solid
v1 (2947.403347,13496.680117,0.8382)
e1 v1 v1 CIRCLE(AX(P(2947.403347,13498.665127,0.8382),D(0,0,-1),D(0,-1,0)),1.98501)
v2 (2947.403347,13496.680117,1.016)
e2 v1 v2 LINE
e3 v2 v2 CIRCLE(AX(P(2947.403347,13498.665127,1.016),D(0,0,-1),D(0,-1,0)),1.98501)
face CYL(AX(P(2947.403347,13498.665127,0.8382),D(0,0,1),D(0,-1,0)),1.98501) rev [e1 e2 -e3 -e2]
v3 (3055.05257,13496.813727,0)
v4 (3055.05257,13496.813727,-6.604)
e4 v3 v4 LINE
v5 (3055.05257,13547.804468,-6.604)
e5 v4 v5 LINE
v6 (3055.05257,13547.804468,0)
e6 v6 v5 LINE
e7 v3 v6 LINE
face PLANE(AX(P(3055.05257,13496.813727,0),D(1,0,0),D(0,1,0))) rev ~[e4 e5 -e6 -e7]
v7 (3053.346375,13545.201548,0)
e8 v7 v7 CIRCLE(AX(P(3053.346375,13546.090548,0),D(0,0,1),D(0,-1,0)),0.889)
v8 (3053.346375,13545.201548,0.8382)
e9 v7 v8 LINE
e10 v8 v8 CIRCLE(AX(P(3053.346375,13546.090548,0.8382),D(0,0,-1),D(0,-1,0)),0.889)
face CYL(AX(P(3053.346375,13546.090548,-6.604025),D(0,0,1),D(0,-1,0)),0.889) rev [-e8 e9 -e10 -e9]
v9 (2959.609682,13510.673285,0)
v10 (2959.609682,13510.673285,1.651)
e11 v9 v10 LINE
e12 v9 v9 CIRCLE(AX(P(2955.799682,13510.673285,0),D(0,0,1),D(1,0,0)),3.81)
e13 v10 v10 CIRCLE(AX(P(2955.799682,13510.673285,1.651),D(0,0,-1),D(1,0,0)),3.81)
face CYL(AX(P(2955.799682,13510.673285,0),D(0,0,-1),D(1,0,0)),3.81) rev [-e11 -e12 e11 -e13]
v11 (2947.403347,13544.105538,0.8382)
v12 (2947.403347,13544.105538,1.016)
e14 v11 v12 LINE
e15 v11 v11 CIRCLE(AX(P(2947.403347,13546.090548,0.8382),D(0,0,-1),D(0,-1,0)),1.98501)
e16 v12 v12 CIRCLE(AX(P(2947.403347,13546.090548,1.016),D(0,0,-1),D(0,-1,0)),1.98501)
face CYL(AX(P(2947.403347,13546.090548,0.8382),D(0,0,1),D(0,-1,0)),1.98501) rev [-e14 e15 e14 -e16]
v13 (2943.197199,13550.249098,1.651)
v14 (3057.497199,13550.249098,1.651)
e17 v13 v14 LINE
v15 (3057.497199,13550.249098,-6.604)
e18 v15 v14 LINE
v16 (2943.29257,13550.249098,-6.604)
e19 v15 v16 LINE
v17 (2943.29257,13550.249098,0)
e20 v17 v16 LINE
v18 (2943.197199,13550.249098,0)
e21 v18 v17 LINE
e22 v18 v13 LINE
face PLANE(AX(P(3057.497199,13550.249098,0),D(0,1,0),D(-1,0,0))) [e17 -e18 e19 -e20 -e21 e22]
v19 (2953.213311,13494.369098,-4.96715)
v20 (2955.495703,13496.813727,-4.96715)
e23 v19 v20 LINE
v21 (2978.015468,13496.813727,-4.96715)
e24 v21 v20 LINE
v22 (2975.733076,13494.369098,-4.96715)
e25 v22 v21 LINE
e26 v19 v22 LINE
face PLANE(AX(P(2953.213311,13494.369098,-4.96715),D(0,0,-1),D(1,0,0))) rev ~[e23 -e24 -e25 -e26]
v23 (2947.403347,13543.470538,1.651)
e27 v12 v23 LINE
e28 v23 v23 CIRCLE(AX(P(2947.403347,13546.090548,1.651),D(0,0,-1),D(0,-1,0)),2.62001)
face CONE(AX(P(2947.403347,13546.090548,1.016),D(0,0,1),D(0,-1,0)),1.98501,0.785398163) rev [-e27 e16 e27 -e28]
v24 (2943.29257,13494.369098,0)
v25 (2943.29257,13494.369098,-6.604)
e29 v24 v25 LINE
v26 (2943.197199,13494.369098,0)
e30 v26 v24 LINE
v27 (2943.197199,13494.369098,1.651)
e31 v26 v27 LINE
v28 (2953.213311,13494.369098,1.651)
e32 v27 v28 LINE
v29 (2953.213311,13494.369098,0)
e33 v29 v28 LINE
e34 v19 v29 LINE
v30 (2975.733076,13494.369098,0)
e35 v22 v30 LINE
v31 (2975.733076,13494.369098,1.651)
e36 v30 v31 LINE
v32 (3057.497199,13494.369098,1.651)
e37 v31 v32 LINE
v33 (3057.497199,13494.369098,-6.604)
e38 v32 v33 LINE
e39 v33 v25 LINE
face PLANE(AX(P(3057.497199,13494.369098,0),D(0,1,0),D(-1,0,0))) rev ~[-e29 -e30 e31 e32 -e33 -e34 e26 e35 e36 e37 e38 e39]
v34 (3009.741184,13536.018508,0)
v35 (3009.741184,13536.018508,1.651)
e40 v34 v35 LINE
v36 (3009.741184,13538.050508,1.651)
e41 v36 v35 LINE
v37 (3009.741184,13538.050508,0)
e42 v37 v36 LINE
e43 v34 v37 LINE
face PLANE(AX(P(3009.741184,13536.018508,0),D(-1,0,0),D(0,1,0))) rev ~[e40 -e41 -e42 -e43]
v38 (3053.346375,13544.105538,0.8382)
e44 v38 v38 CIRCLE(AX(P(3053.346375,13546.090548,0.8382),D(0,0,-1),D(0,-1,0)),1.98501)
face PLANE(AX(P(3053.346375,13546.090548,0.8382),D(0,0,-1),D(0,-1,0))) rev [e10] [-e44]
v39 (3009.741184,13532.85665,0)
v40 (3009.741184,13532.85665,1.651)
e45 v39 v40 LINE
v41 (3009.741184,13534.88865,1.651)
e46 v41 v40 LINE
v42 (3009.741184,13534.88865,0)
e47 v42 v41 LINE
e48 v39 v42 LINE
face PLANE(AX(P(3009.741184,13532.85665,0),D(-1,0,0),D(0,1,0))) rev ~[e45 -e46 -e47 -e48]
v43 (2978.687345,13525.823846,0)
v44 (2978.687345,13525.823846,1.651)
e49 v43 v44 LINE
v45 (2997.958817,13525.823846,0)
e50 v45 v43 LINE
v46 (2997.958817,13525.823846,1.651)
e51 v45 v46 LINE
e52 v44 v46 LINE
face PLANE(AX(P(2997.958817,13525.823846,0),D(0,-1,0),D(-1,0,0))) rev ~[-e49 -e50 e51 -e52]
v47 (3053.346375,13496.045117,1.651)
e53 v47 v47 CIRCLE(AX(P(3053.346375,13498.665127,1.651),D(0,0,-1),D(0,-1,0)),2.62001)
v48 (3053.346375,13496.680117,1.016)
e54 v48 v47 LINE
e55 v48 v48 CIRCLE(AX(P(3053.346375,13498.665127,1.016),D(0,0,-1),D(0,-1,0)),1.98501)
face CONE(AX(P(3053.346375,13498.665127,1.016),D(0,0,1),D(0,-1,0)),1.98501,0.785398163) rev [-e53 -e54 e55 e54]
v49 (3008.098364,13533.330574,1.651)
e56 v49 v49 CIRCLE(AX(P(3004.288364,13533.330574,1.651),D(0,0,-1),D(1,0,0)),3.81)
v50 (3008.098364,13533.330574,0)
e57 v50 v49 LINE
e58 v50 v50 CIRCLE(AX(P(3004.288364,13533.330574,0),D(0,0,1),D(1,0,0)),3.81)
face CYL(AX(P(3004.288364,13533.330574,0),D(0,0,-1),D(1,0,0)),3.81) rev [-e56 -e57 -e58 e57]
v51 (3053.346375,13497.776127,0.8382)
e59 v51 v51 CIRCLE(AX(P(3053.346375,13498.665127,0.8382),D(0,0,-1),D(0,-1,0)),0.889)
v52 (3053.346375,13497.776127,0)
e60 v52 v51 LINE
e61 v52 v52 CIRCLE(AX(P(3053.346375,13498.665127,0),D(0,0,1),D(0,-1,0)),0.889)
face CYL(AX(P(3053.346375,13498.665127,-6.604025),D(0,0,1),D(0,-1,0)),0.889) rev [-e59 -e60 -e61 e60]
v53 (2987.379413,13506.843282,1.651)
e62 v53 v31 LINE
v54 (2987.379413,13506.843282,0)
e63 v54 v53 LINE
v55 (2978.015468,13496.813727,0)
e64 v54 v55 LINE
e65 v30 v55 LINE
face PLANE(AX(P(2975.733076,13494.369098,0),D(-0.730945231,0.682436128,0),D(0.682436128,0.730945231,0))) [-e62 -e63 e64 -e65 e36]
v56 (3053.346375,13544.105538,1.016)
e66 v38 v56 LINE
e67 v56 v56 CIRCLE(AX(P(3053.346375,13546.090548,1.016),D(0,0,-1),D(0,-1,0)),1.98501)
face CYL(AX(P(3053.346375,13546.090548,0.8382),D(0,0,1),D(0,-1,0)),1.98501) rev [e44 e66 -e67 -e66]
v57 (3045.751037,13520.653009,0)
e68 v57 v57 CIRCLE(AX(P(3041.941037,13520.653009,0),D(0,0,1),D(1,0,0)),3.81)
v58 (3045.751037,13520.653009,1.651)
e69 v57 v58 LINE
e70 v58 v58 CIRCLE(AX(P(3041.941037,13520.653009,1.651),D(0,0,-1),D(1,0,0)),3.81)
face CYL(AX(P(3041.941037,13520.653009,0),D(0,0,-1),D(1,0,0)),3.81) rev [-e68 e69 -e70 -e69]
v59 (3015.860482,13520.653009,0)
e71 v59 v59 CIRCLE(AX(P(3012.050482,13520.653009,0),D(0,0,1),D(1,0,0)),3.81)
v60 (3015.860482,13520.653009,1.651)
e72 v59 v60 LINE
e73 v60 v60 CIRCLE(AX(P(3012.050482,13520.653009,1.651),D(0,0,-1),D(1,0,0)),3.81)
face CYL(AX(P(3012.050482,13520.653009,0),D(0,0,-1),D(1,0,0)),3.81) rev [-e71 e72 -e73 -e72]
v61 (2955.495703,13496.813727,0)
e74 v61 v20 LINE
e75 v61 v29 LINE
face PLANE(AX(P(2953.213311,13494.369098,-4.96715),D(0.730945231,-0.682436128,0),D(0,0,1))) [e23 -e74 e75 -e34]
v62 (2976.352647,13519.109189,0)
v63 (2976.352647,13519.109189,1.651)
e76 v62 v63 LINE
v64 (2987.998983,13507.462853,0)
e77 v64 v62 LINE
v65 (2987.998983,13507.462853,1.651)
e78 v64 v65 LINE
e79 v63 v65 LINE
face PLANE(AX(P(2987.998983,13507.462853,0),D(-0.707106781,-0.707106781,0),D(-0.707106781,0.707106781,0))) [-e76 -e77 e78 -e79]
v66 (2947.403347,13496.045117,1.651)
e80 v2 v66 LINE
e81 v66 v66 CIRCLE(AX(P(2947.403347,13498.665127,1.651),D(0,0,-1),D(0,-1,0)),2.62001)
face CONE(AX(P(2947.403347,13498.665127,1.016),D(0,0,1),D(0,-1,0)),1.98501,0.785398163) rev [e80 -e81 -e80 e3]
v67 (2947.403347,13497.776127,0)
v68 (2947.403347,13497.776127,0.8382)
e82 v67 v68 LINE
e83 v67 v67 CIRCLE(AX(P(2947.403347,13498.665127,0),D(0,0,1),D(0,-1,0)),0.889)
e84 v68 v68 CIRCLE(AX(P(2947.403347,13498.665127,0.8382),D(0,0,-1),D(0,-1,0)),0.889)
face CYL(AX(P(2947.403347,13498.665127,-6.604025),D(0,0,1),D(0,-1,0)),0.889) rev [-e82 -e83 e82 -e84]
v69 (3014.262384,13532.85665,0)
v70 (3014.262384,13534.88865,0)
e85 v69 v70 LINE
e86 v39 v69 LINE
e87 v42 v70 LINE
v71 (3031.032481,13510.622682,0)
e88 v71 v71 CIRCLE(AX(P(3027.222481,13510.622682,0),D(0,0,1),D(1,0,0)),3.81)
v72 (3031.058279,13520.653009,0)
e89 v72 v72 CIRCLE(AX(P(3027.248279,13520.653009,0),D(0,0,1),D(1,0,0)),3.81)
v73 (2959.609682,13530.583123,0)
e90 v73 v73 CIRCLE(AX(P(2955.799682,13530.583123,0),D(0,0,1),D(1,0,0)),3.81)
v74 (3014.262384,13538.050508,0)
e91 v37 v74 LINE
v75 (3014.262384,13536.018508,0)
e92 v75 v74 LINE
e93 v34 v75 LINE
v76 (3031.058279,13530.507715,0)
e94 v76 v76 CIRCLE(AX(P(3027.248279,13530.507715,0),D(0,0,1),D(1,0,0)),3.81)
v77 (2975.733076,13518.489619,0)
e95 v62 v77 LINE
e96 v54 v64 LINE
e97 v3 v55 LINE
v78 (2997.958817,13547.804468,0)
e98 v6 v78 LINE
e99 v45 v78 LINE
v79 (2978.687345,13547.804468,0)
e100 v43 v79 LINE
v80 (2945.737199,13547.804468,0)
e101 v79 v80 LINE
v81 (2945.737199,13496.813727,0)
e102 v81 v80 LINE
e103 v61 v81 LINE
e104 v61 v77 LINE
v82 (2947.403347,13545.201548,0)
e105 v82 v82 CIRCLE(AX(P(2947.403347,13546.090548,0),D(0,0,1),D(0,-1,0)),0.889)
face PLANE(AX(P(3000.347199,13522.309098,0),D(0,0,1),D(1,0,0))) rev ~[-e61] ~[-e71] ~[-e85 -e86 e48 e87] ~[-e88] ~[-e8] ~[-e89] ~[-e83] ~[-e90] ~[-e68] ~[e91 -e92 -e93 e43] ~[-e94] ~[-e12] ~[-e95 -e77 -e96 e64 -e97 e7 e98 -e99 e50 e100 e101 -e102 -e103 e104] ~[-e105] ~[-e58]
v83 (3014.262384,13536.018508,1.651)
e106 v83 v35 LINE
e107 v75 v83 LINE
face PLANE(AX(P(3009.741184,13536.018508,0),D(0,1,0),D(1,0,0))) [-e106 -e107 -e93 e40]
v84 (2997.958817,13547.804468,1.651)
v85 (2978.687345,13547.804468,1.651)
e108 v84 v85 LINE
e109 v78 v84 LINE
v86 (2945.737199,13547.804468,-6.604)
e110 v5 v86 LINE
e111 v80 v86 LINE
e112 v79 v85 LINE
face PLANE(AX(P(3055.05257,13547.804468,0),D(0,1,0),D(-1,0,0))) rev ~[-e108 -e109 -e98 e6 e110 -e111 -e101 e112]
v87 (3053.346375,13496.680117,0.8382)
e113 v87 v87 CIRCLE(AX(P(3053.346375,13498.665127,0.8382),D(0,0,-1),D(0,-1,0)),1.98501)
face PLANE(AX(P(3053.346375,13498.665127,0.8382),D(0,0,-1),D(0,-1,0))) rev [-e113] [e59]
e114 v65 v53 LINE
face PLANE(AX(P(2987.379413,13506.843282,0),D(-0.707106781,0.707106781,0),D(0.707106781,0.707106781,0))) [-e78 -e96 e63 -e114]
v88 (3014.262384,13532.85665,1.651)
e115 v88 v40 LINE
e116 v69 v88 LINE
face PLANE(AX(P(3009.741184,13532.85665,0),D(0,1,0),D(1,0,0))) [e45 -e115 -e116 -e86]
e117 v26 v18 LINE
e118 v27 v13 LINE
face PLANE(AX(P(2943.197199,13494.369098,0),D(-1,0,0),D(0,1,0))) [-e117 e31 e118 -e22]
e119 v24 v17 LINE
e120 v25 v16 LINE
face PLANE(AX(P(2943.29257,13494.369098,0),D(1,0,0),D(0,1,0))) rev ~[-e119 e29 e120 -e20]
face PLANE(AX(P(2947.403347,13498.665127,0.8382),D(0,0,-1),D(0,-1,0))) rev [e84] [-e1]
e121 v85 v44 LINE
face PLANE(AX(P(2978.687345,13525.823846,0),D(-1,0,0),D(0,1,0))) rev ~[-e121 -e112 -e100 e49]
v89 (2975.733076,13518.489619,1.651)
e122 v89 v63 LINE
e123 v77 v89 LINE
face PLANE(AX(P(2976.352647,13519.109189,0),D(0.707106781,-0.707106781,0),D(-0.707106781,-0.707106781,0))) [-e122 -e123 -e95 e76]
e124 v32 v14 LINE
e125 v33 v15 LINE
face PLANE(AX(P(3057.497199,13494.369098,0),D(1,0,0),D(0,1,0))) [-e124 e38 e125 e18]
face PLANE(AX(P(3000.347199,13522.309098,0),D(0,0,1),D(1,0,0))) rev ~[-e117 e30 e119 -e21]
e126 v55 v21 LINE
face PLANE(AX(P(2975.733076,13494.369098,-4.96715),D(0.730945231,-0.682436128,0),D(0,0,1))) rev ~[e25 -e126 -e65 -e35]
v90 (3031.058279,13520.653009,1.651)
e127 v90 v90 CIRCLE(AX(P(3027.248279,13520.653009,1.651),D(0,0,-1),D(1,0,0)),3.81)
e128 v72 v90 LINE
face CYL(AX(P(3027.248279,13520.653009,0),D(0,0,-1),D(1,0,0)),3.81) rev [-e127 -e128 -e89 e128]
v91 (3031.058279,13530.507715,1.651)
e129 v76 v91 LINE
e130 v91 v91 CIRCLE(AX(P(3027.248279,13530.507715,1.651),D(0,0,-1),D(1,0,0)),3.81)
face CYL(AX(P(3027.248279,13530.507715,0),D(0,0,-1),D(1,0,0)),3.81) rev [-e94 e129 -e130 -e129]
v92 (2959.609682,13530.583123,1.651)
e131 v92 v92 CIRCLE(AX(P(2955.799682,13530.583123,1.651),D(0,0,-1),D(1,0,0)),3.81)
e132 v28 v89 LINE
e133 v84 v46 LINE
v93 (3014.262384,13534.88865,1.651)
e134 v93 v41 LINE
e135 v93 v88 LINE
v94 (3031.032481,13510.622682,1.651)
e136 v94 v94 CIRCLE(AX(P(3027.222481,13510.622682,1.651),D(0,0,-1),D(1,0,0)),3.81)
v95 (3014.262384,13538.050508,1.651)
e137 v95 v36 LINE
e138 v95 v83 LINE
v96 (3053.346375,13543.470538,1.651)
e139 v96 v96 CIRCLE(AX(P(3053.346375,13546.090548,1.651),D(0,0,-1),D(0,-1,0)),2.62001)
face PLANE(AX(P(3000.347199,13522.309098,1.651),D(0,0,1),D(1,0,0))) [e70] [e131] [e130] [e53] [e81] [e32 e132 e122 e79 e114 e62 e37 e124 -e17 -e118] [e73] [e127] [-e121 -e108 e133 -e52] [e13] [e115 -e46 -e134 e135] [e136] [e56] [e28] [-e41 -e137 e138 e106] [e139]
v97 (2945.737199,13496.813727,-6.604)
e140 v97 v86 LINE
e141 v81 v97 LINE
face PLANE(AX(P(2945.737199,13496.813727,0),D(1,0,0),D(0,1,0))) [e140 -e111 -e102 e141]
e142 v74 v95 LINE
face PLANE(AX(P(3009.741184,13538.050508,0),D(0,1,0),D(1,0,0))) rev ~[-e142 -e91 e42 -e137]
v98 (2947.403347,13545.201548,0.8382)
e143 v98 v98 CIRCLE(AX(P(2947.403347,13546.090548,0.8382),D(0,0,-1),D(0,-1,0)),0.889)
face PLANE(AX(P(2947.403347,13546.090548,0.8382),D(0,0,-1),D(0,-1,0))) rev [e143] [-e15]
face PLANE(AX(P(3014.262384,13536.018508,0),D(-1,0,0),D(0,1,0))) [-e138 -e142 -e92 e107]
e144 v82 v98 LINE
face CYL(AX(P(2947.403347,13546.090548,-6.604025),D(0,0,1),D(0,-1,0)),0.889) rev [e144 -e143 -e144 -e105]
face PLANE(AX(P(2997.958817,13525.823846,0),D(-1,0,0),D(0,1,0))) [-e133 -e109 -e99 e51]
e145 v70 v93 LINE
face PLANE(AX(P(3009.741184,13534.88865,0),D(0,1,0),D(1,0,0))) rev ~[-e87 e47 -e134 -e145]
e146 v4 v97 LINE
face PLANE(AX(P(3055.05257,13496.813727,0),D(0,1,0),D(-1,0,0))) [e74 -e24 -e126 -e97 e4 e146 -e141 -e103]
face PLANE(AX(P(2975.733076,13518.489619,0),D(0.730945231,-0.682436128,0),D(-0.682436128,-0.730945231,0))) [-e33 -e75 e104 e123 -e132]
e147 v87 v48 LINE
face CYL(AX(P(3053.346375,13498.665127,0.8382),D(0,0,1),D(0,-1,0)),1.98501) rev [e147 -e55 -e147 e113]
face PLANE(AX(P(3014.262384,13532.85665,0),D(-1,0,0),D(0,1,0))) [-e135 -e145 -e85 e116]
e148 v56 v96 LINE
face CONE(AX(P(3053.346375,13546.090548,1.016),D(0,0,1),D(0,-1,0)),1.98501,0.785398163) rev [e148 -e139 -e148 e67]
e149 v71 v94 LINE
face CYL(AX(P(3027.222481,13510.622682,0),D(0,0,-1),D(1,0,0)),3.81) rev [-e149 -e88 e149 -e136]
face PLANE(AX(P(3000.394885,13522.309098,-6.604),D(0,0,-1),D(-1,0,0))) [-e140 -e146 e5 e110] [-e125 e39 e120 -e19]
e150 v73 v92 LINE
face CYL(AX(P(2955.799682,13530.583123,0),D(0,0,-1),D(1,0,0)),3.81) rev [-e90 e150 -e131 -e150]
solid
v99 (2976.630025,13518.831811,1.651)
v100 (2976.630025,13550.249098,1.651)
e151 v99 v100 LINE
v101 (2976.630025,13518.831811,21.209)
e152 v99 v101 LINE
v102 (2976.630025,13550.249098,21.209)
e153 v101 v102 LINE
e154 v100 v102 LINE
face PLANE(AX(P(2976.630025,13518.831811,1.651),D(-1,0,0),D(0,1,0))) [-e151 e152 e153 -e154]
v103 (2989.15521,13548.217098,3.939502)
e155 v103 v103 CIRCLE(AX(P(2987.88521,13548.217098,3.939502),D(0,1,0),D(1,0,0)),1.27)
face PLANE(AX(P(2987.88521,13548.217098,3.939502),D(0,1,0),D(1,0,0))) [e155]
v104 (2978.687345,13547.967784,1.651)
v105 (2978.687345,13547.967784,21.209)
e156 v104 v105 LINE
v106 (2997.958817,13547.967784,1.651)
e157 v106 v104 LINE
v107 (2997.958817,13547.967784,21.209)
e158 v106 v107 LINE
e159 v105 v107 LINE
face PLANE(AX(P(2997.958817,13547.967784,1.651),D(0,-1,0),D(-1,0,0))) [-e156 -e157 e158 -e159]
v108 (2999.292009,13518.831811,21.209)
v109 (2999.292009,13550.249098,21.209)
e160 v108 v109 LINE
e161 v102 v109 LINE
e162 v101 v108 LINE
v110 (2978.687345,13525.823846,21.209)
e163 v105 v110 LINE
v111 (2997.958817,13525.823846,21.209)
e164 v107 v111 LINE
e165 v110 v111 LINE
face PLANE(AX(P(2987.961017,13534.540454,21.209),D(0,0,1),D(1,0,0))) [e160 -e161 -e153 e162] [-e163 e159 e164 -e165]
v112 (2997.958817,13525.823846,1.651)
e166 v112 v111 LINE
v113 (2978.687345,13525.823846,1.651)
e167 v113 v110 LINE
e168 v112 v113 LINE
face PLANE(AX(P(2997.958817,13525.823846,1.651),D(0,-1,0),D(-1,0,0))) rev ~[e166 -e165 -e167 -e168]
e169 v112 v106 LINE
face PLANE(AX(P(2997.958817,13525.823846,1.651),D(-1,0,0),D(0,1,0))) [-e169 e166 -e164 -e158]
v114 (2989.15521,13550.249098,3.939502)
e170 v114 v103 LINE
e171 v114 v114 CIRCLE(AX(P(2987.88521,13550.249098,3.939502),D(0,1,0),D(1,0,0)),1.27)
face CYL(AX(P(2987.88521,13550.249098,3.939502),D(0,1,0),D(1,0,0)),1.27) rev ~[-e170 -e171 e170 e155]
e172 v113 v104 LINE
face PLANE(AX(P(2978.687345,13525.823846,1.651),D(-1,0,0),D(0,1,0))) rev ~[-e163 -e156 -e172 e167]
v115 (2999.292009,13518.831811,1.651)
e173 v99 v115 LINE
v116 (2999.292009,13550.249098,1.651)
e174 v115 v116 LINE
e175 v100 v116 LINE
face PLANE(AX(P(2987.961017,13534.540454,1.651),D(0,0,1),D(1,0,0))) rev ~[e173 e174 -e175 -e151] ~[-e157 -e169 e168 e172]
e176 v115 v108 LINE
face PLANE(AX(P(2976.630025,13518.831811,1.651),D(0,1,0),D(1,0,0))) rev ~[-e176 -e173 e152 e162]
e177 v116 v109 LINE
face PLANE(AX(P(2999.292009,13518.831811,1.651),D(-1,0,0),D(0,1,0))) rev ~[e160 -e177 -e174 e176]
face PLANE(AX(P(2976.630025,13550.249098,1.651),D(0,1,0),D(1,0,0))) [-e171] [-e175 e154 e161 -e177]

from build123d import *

# Parameters (mm, degrees)
SKETCH1_W                                   = 114.3
SKETCH1_H                                   = 55.88
BOSS_EXTRUDE1_DEPTH                         = 1.651
SKETCH2_R                                   = 3.81
SKETCH2_W                                   = 4.5212
SKETCH2_H                                   = 2.032
CUT_EXTRUDE2_DEPTH                          = 2.651
SKETCH3_W                                   = 22.661984054
SKETCH3_H                                   = 31.417286438
BOSS_EXTRUDE2_DEPTH                         = 19.558
SKETCH7_W                                   = 19.271471292
SKETCH7_H                                   = 22.14393761
CUT_EXTRUDE5_DEPTH                          = 20.558
SKETCH8_W                                   = 114.20462943
SKETCH8_H                                   = 55.88
SKETCH8_W_2                                 = 109.31537057
SKETCH8_H_2                                 = 50.990741141
BOSS_EXTRUDE4_DEPTH                         = 6.604
SKETCH9_R                                   = 1.27
CUT_EXTRUDE6_DEPTH                          = 2.032
SKETCH10_W                                  = 22.51976533
SKETCH10_H                                  = 4.967150309
CUT_EXTRUDE7_DEPTH                          = 12.7
CBORE_FOR_0_BINDING_HEAD_MACHINE_SC_2_COUNT = 2
CBORE_FOR_0_BINDING_HEAD_MACHINE_SC_2_PITCH = 47.42542097
CBORE_FOR_0_BINDING_HEAD_MACHINE_SC_3_COUNT = 2
CBORE_FOR_0_BINDING_HEAD_MACHINE_SC_3_PITCH = 105.943027259
CBORE_FOR_0_BINDING_HEAD_MACHINE_SC_4_COUNT = 2
CBORE_FOR_0_BINDING_HEAD_MACHINE_SC_4_PITCH = 116.073664451


with BuildPart() as part:
    # Sketch1 → Boss-Extrude1 (new body)
    with BuildSketch(Plane.XY):
        with Locations((3000.347199497, 13522.309097574)):
            Rectangle(SKETCH1_W, SKETCH1_H)
    extrude(amount=BOSS_EXTRUDE1_DEPTH)

    # Sketch2 → Cut-Extrude2 (cut, through all)
    with BuildSketch(Plane.XY):
        with Locations((3027.248279136, 13530.507714547)):
            Circle(SKETCH2_R)
        with Locations((3012.050482156, 13520.653009344)):
            Circle(SKETCH2_R)
        with Locations((3027.248279136, 13520.653009344)):
            Circle(SKETCH2_R)
        with Locations((3041.941037356, 13520.653009344)):
            Circle(SKETCH2_R)
        with Locations((3027.222481478, 13510.622681626)):
            Circle(SKETCH2_R)
        with Locations((3004.288363872, 13533.330573619)):
            Circle(SKETCH2_R)
        with Locations((2955.799681977, 13530.583123085)):
            Circle(SKETCH2_R)
        with Locations((2955.799681977, 13510.673284723)):
            Circle(SKETCH2_R)
        with Locations((3012.001784077, 13533.872650423)):
            Rectangle(SKETCH2_W, SKETCH2_H)
        with Locations((3012.001784077, 13537.034507661)):
            Rectangle(SKETCH2_W, SKETCH2_H)
        Polygon((2997.958816699, 13534.888650423), (2997.958816699, 13525.823845972), (2978.687345407, 13525.823845972), (2978.687345407, 13547.804468145), (2997.958816699, 13547.804468145), align=None)
        Polygon((2975.733076321, 13518.489618725), (2953.213310991, 13494.369097574), (2975.733076321, 13494.369097574), (2987.379412932, 13506.843282115), (2987.998983464, 13507.462852647), (2976.352646854, 13519.109189258), align=None)
    extrude(amount=CUT_EXTRUDE2_DEPTH, mode=Mode.SUBTRACT)

    # Sketch8 → Boss-Extrude4 (add)
    with BuildSketch(Plane(origin=(0, 0, 0), x_dir=(-1, 0, 0), z_dir=(0, 0, -1))):
        with Locations((-3000.394884782, 13522.309097574)):
            Rectangle(SKETCH8_W, SKETCH8_H)
        with Locations((-3000.394884782, 13522.309097574)):
            Rectangle(SKETCH8_W_2, SKETCH8_H_2, mode=Mode.SUBTRACT)
    extrude(amount=BOSS_EXTRUDE4_DEPTH)

    # Sketch10 → Cut-Extrude7 (cut, along a direction that is not the sketch's normal)
    with BuildSketch(Plane.XZ.offset(-13494.369097574)):
        with Locations((2964.473193656, -2.483575154)):
            Rectangle(SKETCH10_W, SKETCH10_H)
    extrude(amount=-CUT_EXTRUDE7_DEPTH, dir=(-0.682436128, -0.730945231, 0), mode=Mode.SUBTRACT)

    # Sketch12 → CBORE for #0 Binding Head Machine Screw1 (revolve, cut)
    with BuildSketch(Plane(origin=(3053.346374668, 13546.090548366, 1.651), x_dir=(0, -1, 0), z_dir=(1, 0, 0))):
        Polygon((0, 0), (0, 8.255025), (0.889, 8.255025), (0.889, 0.8128), (1.98501, 0.8128), (1.98501, 0.635), (2.62001, 0), align=None)
    cbore_for_0_binding_head_machine_screw1 = revolve(axis=Axis((3053.346374668, 13546.090548366, 8.001), (0, 0, -1)), mode=Mode.SUBTRACT)

    # CBORE for _0 Binding Head Machine Sc 2: CBORE for #0 Binding Head Machine Screw1 ×2
    with Locations(*[(0, -i * CBORE_FOR_0_BINDING_HEAD_MACHINE_SC_2_PITCH, 0) for i in range(1, CBORE_FOR_0_BINDING_HEAD_MACHINE_SC_2_COUNT)]):
        add(cbore_for_0_binding_head_machine_screw1, mode=Mode.SUBTRACT)

    # CBORE for _0 Binding Head Machine Sc 3: CBORE for #0 Binding Head Machine Screw1 ×2
    with Locations(*[(-i * CBORE_FOR_0_BINDING_HEAD_MACHINE_SC_3_PITCH, 0, 0) for i in range(1, CBORE_FOR_0_BINDING_HEAD_MACHINE_SC_3_COUNT)]):
        add(cbore_for_0_binding_head_machine_screw1, mode=Mode.SUBTRACT)

    # CBORE for _0 Binding Head Machine Sc 4: CBORE for #0 Binding Head Machine Screw1 ×2
    with Locations(*[Vector(-0.912722345, -0.408580372, 0) * (i * CBORE_FOR_0_BINDING_HEAD_MACHINE_SC_4_PITCH) for i in range(1, CBORE_FOR_0_BINDING_HEAD_MACHINE_SC_4_COUNT)]):
        add(cbore_for_0_binding_head_machine_screw1, mode=Mode.SUBTRACT)


with BuildPart() as body_2:
    # Sketch3 → Boss-Extrude2 (new body)
    with BuildSketch(Plane.XY.offset(1.651)):
        with Locations((2987.961017002, 13534.540454355)):
            Rectangle(SKETCH3_W, SKETCH3_H)
    extrude(amount=BOSS_EXTRUDE2_DEPTH)

    # Sketch7 → Cut-Extrude5 (cut, through all)
    with BuildSketch(Plane(origin=(0, 0, 1.651), x_dir=(-1, 0, 0), z_dir=(0, 0, -1))):
        with Locations((-2988.323081053, 13536.895814777)):
            Rectangle(SKETCH7_W, SKETCH7_H)
    extrude(amount=-CUT_EXTRUDE5_DEPTH, mode=Mode.SUBTRACT)

    # Sketch9 → Cut-Extrude6 (cut)
    with BuildSketch(Plane(origin=(0, 13550.249097574, 0), x_dir=(1, 0, 0), z_dir=(0, 1, 0))):
        with Locations((2987.885210123, -3.939502026)):
            Circle(SKETCH9_R)
    extrude(amount=-CUT_EXTRUDE6_DEPTH, mode=Mode.SUBTRACT)


solid = Compound([part.part, body_2.part])
